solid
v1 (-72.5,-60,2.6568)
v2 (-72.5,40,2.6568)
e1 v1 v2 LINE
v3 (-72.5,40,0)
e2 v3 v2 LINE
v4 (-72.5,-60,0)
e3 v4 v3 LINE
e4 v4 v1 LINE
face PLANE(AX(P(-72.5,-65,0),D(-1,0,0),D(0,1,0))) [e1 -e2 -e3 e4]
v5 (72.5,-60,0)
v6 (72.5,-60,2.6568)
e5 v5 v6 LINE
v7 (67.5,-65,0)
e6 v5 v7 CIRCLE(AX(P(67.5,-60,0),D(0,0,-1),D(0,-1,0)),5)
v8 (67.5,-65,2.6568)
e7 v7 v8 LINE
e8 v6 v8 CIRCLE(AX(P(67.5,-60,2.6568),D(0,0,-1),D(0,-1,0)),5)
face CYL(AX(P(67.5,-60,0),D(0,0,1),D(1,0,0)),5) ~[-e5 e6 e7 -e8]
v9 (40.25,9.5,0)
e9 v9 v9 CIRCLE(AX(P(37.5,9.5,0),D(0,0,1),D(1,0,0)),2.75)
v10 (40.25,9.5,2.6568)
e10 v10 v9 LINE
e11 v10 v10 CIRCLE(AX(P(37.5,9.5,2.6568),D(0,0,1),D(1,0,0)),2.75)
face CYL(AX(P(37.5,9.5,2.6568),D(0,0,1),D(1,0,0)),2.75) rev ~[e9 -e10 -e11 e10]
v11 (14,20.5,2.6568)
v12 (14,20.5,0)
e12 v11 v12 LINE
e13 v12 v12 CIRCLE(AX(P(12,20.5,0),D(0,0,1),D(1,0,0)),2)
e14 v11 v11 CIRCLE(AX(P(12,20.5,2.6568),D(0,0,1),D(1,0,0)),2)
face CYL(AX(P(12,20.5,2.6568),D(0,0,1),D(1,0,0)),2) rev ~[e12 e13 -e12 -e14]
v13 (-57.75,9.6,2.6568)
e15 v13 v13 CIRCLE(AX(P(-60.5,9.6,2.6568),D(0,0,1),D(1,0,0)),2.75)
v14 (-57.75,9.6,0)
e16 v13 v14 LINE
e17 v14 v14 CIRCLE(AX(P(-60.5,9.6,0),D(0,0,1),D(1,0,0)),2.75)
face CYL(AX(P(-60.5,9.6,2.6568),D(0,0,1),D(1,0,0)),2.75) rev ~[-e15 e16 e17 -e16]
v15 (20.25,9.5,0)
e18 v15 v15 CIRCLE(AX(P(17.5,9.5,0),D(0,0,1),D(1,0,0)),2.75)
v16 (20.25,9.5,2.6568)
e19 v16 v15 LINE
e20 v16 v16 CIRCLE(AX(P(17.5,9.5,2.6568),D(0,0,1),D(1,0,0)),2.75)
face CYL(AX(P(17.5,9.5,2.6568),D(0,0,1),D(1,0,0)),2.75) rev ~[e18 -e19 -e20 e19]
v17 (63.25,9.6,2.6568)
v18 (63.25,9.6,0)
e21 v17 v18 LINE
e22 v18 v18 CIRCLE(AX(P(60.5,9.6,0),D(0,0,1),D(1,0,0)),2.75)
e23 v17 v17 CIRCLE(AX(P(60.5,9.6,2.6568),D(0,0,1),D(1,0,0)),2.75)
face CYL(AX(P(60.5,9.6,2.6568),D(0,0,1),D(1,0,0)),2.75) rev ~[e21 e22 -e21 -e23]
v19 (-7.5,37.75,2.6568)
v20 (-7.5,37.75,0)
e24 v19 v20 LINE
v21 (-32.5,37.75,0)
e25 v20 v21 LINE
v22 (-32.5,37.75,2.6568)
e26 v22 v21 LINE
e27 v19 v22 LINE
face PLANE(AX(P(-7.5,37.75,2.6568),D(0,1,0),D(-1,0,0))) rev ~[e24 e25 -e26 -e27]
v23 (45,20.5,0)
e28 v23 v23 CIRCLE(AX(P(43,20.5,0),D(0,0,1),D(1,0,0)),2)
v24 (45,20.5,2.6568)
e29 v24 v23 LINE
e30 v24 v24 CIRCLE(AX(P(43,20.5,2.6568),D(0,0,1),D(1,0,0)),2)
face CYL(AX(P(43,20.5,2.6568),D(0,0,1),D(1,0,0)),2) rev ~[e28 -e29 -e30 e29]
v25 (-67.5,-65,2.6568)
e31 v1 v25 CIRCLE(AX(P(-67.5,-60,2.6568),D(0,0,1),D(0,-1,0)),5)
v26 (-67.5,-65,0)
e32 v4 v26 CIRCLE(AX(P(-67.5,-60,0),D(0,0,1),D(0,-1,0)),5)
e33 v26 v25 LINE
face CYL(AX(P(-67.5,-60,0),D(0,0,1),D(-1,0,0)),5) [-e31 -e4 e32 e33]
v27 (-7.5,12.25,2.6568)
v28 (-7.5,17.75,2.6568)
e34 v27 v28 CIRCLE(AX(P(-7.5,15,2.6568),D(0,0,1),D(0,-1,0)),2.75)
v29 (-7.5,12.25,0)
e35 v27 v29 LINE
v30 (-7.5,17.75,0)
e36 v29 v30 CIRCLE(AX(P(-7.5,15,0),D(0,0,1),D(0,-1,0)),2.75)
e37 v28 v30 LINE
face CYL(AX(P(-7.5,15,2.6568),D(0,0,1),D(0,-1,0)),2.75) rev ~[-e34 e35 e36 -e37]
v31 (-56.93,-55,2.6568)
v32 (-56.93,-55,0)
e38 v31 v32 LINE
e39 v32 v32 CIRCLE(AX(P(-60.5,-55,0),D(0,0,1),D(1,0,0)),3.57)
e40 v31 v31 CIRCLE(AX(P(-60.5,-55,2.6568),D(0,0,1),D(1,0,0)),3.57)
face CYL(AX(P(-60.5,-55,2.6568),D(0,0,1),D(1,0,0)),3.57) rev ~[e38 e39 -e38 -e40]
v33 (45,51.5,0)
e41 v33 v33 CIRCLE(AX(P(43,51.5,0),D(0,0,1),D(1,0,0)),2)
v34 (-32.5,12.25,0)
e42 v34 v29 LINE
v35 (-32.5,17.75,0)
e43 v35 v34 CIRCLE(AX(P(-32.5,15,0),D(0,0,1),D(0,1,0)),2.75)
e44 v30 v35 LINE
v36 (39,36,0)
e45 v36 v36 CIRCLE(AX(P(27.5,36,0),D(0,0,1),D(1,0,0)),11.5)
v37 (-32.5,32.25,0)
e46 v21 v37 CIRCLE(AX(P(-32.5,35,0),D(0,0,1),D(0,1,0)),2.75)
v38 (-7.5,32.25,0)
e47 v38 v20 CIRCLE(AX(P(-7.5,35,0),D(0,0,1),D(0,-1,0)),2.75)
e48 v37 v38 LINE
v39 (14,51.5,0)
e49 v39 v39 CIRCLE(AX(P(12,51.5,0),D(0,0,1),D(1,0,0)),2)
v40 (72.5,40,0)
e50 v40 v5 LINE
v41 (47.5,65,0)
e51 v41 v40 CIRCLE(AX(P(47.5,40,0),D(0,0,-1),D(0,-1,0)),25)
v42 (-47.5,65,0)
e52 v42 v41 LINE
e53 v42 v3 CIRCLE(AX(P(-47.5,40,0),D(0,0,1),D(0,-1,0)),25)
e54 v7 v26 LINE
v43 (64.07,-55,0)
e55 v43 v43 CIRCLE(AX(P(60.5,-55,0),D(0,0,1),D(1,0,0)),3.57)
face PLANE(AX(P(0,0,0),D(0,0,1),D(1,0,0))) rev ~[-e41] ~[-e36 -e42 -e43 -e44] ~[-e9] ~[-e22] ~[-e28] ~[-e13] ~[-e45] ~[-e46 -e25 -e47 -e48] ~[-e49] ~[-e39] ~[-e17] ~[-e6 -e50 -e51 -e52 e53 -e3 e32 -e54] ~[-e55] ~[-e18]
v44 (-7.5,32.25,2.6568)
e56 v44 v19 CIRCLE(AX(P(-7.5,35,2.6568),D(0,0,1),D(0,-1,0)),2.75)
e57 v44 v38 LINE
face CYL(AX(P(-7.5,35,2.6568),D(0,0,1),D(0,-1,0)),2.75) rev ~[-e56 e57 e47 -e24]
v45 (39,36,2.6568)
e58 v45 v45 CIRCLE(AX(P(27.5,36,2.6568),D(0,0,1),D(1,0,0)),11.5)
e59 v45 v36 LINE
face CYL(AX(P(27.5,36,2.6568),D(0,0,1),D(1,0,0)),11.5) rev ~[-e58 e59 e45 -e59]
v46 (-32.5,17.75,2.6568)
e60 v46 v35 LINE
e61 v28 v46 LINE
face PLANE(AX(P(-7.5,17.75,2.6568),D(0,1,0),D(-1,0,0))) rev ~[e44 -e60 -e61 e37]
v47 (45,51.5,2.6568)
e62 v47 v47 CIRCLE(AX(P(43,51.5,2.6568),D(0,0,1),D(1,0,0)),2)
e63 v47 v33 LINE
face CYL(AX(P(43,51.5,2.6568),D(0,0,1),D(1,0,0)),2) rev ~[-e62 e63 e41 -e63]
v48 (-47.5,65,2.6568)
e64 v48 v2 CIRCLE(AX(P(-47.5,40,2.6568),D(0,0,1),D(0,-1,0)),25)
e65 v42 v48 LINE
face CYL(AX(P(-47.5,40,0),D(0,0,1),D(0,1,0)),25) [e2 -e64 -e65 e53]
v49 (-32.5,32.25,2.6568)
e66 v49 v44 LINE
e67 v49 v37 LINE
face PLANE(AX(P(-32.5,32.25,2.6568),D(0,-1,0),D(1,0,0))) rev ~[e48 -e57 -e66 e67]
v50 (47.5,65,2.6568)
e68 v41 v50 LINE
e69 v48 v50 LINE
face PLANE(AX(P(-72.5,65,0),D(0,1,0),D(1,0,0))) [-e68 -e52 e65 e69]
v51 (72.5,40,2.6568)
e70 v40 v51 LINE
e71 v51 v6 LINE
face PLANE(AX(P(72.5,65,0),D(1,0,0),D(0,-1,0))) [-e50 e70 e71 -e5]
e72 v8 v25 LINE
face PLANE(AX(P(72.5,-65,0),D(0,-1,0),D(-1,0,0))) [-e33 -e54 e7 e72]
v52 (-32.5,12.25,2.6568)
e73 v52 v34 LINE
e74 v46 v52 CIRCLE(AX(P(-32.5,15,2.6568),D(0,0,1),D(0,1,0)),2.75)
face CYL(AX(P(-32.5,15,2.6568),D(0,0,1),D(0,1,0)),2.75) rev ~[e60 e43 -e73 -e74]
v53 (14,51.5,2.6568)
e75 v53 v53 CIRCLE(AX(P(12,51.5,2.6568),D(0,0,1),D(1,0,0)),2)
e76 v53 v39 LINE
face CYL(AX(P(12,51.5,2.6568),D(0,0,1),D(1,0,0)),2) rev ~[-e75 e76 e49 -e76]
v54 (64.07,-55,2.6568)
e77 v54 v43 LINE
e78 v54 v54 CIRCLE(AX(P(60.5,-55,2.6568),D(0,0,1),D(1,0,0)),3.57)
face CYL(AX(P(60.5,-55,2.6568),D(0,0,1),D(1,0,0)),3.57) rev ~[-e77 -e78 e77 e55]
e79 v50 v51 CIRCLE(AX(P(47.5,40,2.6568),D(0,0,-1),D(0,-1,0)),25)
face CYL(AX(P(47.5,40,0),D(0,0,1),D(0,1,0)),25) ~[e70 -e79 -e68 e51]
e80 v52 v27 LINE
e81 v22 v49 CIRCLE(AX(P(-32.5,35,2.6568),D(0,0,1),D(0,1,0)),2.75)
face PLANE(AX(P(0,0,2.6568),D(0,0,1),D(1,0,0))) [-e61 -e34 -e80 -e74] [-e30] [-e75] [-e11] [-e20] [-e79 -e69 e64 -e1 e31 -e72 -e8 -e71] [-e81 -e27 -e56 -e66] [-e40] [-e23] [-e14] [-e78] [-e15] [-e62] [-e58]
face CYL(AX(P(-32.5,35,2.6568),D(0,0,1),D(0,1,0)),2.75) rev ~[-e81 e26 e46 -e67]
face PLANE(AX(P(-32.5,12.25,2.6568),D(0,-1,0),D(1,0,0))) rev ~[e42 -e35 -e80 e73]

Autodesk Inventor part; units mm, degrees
ref_plane "YZ Plane" through (0, 0, 0) normal (1, 0, 0) x (0, 1, 0)
ref_plane "XZ Plane" through (0, 0, 0) normal (0, 1, 0) x (-1, 0, 0)
ref_plane "XY Plane" through (0, 0, 0) normal (0, 0, 1) x (1, 0, 0)
sketch "Sketch1" plane through (0, 0, 0) normal (0, 0, 1) x (1, 0, 0)
  line L0 (-72.5, 65) -> (72.5, 65)
  line L1 (72.5, 65) -> (72.5, -65)
  line L2 (72.5, -65) -> (-72.5, -65)
  line L3 (-72.5, -65) -> (-72.5, 65)
  point P0 (0, 0)
  dimension "d0" = 145
  dimension "d1" = 130
  dimension "d2" = 65
  dimension "d3" = 72.5
extrude "profile" add sketch "Sketch1" along normal blind 2.6568
sketch "Sketch2" plane through (0, 0, 2.6568) normal (0, 0, 1) x (1, 0, 0)
  line L0 (72.5, 65) -> (-72.5, 65) projected
  line L1 (-72.5, 65) -> (-72.5, -65) projected
  line L2 (-32.5, 35) -> (-7.5, 35) construction
  line L3 (-32.5, 32.25) -> (-7.5, 32.25)
  line L4 (-7.5, 37.75) -> (-32.5, 37.75)
  arc A0 (-32.5, 37.75) -> (-32.5, 32.25) centre (-32.5, 35) ccw
  arc A1 (-7.5, 32.25) -> (-7.5, 37.75) centre (-7.5, 35) ccw
  point P0 (0, 0)
  point P1 (-20, 35)
  dimension "d6" = 25
  dimension "d7" = 5.5
  dimension "d8" = 30
  dimension "d9" = 40
extrude "x_slots" cut sketch "Sketch2" against normal through all
pattern_linear "Rectangular Pattern1" count 2 spacing 20 along (0, -1, 0) of "x_slots"
sketch "Sketch3" plane through (0, 0, 2.6568) normal (0, 0, 1) x (1, 0, 0)
  line L0 (-72.5, 65) -> (-72.5, -65) projected
  line L1 (-72.5, -65) -> (72.5, -65) projected
  circle A0 centre (-60.5, -55) radius 3.57
  circle A1 centre (-60.5, 9.6) radius 2.75
  circle A2 centre (-60.5, 9.6) radius 11.75 construction
  point P0 (0, 0)
  dimension "d15" = 7.14
  dimension "d16" = 5.5
  dimension "d17" = 64.6
  dimension "d18" = 10
  dimension "d19" = 12
  dimension "d21" = 12
extrude "Extrusion3" cut sketch "Sketch3" against normal through all
pattern_linear "Rectangular Pattern2" count 2 spacing 121 along (1, 0, 0) of "Extrusion3"
sketch "Sketch4" plane through (0, 0, 2.6568) normal (0, 0, 1) x (1, 0, 0)
  line L0 (72.5, 65) -> (-72.5, 65) projected
  line L1 (72.5, -65) -> (72.5, 65) projected
  circle A0 centre (27.5, 36) radius 11.5
  circle A1 centre (12, 51.5) radius 2
  circle A2 centre (43, 51.5) radius 2
  circle A3 centre (12, 20.5) radius 2
  circle A4 centre (43, 20.5) radius 2
  point P0 (0, 0)
  dimension "d27" = 23
  dimension "d28" = 29
  dimension "d29" = 4
  dimension "d30" = 15.5
  dimension "d31" = 15.5
  dimension "d36" = 45
  dimension "d51" = 31
  dimension "d54" = 31
extrude "nema17_mount" cut sketch "Sketch4" against normal through all
fillet "Fillet1" radius 25 2 edges at (72.5, 65, 1.3284) (-72.5, 65, 1.3284)
sketch "Sketch5" plane through (0, 0, 2.6568) normal (0, 0, 1) x (1, 0, 0)
  line L0 (-72.5, 65) -> (-72.5, -65) projected
  line L1 (-72.5, -65) -> (72.5, -65) projected
  circle A0 centre (17.5, 9.5) radius 2.75
  line L2 (47.5, 65) -> (-72.5, 65) projected
  circle A1 centre (37.5, 9.5) radius 2.75
  point P0 (67.5, -65)
  point P1 (-72.5, 60)
  point P2 (-72.5, -60)
  point P3 (-67.5, -65)
  point P4 (0, 0)
  dimension "d41" = 5.5
  dimension "d42" = 74.5
  dimension "d43" = 90
  dimension "d59" = 20
extrude "idler_holes" cut sketch "Sketch5" against normal through all
fillet "Fillet3" radius 5 2 edges at (-72.5, -65, 1.3284) (72.5, -65, 1.3284)
equation "\"d2\" = 0.5 * d1"
equation "\"d3\" = 0.5 * d0"
properties part number "motor_mount_v2" material "Steel, Mild"
